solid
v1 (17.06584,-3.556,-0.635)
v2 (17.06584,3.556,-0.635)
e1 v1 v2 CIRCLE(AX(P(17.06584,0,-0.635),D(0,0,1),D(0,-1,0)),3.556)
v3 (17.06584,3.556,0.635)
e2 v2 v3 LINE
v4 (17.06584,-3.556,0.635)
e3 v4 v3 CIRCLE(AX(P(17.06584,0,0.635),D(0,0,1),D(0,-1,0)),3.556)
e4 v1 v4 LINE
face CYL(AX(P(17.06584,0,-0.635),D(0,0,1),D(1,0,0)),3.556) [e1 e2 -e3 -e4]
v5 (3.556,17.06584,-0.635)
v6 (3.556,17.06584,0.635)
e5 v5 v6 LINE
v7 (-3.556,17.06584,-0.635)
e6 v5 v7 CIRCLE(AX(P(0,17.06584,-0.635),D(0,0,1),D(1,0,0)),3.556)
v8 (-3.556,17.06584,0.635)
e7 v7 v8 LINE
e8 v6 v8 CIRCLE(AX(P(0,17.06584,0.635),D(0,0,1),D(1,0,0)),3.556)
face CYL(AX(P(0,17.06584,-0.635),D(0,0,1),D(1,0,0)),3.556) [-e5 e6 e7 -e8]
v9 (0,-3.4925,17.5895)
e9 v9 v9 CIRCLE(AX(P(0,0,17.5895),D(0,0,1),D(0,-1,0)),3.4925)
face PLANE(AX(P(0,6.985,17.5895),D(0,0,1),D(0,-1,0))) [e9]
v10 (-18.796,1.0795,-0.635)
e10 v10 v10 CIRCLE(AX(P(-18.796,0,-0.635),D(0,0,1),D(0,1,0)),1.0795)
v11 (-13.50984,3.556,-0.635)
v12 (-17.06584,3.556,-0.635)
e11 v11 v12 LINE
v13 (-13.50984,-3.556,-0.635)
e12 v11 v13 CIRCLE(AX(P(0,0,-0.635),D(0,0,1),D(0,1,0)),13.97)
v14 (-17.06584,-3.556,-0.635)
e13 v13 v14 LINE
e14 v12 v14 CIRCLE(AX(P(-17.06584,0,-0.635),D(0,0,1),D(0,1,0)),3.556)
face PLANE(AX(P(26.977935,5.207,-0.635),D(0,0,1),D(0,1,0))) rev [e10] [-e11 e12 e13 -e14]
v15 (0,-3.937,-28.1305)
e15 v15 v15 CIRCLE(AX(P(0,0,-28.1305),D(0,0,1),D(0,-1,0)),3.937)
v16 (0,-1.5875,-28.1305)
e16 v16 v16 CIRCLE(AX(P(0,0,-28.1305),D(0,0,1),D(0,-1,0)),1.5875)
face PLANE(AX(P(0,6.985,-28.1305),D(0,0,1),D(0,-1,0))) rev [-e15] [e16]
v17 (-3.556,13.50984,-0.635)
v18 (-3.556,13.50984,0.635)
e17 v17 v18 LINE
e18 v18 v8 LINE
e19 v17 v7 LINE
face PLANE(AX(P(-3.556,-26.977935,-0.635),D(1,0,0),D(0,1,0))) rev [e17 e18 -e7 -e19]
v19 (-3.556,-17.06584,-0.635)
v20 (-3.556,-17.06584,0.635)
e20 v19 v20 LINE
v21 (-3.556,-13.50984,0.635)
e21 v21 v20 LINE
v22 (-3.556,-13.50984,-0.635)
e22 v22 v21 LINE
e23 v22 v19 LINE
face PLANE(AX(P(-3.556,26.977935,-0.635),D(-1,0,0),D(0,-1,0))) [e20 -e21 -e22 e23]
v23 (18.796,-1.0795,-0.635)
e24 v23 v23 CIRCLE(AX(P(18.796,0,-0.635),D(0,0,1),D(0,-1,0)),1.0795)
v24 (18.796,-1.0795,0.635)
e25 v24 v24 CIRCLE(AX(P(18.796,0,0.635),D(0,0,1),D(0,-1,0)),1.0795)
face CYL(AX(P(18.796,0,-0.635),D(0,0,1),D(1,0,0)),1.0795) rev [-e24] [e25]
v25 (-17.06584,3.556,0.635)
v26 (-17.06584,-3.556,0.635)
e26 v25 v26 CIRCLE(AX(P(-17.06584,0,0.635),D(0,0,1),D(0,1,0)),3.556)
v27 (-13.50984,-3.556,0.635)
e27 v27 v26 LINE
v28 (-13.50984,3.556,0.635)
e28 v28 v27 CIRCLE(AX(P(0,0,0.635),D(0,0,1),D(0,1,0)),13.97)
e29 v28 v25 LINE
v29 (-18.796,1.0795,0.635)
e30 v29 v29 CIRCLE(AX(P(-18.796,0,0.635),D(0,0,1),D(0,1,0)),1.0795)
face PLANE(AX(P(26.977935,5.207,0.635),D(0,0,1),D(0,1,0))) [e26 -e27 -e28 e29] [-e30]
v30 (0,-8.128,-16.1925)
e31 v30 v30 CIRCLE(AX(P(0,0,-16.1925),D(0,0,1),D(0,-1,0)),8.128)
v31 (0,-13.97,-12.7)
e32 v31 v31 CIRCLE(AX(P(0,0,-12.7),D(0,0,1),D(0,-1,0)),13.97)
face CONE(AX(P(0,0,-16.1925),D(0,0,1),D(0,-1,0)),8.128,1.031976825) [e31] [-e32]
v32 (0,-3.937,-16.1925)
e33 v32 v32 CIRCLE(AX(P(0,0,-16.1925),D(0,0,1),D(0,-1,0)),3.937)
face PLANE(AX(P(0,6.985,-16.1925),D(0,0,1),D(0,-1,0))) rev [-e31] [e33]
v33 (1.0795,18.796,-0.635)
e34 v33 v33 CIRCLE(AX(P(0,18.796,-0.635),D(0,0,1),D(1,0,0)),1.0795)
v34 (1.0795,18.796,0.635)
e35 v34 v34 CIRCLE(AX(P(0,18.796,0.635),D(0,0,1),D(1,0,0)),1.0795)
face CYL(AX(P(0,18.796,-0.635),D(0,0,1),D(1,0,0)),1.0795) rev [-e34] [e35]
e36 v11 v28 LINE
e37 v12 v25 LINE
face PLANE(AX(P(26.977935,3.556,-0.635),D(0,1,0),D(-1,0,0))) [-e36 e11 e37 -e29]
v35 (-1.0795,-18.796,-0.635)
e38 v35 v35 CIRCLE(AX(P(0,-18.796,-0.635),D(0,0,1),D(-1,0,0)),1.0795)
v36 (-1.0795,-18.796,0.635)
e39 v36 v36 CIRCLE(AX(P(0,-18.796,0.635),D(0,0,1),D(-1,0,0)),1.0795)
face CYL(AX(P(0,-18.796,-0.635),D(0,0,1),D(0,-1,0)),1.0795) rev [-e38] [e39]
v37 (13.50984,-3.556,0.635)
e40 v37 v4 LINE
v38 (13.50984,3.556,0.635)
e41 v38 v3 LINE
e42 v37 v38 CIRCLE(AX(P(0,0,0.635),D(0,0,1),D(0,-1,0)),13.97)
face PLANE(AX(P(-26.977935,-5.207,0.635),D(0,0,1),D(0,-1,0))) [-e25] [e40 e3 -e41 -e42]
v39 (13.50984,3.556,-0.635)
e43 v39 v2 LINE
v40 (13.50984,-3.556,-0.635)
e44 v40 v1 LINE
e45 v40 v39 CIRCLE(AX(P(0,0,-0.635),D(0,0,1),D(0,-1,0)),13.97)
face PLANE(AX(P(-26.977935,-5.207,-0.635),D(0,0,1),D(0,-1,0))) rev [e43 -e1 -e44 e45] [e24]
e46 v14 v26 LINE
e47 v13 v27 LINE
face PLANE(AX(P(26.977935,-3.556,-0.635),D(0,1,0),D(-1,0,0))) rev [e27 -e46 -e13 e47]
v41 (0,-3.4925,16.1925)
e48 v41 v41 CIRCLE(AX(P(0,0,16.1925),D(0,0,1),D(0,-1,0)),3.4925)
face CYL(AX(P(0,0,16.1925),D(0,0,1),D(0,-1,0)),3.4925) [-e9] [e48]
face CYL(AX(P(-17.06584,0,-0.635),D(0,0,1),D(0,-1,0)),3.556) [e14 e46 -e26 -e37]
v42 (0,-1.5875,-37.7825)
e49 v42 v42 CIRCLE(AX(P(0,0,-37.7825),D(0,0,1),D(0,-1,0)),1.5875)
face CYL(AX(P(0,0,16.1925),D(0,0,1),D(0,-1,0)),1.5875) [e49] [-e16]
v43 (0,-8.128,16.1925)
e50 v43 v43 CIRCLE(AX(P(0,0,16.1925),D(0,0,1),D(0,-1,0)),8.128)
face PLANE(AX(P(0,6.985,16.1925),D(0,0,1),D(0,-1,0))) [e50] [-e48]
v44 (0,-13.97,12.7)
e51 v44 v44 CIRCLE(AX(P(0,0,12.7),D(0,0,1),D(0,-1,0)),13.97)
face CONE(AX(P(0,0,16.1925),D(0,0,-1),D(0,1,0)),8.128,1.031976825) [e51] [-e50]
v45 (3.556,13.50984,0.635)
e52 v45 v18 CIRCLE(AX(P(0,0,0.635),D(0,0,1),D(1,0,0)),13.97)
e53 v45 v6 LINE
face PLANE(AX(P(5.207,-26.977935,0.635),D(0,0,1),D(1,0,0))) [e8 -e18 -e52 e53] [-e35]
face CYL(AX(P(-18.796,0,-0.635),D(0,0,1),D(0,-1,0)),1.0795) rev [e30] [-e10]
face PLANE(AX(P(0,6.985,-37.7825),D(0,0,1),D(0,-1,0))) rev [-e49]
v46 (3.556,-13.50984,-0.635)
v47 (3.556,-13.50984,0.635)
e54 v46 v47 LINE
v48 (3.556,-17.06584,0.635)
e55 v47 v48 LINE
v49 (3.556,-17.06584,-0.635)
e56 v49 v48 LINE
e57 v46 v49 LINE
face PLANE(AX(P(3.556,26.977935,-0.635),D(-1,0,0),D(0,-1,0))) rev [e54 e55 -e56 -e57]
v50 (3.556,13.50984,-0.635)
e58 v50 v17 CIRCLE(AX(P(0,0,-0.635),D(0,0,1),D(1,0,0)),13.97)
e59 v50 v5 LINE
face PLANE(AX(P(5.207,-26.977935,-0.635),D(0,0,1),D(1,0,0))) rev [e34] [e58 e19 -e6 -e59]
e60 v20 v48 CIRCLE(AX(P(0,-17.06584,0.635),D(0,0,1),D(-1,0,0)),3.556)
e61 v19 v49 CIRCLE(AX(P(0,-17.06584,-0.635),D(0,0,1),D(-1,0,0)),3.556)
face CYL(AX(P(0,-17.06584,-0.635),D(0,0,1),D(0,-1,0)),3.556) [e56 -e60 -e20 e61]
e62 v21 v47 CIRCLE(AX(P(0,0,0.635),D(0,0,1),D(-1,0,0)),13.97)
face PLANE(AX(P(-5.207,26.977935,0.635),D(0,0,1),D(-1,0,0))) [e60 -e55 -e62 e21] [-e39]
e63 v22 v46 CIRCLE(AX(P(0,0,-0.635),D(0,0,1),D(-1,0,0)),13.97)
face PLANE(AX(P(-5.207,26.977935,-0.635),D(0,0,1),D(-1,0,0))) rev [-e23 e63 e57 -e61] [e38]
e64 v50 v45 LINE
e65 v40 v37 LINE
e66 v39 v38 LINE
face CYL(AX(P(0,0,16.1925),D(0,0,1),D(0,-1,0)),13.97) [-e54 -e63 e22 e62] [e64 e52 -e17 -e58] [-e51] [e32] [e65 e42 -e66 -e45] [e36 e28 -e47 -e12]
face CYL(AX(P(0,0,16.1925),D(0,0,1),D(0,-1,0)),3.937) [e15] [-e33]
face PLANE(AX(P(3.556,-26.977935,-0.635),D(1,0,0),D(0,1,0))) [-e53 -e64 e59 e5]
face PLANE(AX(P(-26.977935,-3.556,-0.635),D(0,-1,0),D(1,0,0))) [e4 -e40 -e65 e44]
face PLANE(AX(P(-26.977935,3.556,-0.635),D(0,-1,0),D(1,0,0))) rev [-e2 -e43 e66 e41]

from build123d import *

# Parameters (mm, degrees)
SKETCH3_R           = 1.0795
BOSS_EXTRUDE2_DEPTH = 0.635
CIRPATTERN1_COUNT   = 4


with BuildPart() as part:
    # Sketch2 → Revolve1 (revolve)
    with BuildSketch(Plane(origin=(0, 0, 0), x_dir=(0, 0, -1), z_dir=(1, 0, 0))):
        Polygon((-17.5895, 0), (37.7825, 0), (37.7825, 1.5875), (28.1305, 1.5875), (28.1305, 3.937), (16.1925, 3.937), (16.1925, 8.128), (12.7, 13.97), (-12.7, 13.97), (-16.1925, 8.128), (-16.1925, 3.4925), (-17.5895, 3.4925), align=None)
    revolve(axis=Axis((0, 0, 16.1925), (0, 0, -1)))

    # Sketch3 → Boss-Extrude2 (add, symmetric)
    with BuildSketch(Plane.XY):
        with BuildLine():
            Line((-3.556, 17.065839525), (-3.556, 13.509839525))
            ThreePointArc((-3.556, 13.509839525), (0, 13.97), (3.556, 13.509839525))
            Line((3.556, 13.509839525), (3.556, 17.065839525))
            ThreePointArc((3.556, 17.065839525), (2.514471721, 19.580311232), (2.1e-08, 20.621839525))
            ThreePointArc((2.1e-08, 20.621839525), (-2.514471707, 19.580311247), (-3.556, 17.065839525))
        make_face()
        with Locations((0, 18.796)):
            Circle(SKETCH3_R, mode=Mode.SUBTRACT)
    boss_extrude2 = extrude(amount=BOSS_EXTRUDE2_DEPTH, both=True)

    # CirPattern1: Boss-Extrude2 ×4 about axis
    cirpattern1_axis = Axis((0, 0, -12.7), (0, 0, 1))
    for i in range(1, CIRPATTERN1_COUNT):
        add(boss_extrude2.rotate(cirpattern1_axis, i * 360 / CIRPATTERN1_COUNT))


solid = part.part
